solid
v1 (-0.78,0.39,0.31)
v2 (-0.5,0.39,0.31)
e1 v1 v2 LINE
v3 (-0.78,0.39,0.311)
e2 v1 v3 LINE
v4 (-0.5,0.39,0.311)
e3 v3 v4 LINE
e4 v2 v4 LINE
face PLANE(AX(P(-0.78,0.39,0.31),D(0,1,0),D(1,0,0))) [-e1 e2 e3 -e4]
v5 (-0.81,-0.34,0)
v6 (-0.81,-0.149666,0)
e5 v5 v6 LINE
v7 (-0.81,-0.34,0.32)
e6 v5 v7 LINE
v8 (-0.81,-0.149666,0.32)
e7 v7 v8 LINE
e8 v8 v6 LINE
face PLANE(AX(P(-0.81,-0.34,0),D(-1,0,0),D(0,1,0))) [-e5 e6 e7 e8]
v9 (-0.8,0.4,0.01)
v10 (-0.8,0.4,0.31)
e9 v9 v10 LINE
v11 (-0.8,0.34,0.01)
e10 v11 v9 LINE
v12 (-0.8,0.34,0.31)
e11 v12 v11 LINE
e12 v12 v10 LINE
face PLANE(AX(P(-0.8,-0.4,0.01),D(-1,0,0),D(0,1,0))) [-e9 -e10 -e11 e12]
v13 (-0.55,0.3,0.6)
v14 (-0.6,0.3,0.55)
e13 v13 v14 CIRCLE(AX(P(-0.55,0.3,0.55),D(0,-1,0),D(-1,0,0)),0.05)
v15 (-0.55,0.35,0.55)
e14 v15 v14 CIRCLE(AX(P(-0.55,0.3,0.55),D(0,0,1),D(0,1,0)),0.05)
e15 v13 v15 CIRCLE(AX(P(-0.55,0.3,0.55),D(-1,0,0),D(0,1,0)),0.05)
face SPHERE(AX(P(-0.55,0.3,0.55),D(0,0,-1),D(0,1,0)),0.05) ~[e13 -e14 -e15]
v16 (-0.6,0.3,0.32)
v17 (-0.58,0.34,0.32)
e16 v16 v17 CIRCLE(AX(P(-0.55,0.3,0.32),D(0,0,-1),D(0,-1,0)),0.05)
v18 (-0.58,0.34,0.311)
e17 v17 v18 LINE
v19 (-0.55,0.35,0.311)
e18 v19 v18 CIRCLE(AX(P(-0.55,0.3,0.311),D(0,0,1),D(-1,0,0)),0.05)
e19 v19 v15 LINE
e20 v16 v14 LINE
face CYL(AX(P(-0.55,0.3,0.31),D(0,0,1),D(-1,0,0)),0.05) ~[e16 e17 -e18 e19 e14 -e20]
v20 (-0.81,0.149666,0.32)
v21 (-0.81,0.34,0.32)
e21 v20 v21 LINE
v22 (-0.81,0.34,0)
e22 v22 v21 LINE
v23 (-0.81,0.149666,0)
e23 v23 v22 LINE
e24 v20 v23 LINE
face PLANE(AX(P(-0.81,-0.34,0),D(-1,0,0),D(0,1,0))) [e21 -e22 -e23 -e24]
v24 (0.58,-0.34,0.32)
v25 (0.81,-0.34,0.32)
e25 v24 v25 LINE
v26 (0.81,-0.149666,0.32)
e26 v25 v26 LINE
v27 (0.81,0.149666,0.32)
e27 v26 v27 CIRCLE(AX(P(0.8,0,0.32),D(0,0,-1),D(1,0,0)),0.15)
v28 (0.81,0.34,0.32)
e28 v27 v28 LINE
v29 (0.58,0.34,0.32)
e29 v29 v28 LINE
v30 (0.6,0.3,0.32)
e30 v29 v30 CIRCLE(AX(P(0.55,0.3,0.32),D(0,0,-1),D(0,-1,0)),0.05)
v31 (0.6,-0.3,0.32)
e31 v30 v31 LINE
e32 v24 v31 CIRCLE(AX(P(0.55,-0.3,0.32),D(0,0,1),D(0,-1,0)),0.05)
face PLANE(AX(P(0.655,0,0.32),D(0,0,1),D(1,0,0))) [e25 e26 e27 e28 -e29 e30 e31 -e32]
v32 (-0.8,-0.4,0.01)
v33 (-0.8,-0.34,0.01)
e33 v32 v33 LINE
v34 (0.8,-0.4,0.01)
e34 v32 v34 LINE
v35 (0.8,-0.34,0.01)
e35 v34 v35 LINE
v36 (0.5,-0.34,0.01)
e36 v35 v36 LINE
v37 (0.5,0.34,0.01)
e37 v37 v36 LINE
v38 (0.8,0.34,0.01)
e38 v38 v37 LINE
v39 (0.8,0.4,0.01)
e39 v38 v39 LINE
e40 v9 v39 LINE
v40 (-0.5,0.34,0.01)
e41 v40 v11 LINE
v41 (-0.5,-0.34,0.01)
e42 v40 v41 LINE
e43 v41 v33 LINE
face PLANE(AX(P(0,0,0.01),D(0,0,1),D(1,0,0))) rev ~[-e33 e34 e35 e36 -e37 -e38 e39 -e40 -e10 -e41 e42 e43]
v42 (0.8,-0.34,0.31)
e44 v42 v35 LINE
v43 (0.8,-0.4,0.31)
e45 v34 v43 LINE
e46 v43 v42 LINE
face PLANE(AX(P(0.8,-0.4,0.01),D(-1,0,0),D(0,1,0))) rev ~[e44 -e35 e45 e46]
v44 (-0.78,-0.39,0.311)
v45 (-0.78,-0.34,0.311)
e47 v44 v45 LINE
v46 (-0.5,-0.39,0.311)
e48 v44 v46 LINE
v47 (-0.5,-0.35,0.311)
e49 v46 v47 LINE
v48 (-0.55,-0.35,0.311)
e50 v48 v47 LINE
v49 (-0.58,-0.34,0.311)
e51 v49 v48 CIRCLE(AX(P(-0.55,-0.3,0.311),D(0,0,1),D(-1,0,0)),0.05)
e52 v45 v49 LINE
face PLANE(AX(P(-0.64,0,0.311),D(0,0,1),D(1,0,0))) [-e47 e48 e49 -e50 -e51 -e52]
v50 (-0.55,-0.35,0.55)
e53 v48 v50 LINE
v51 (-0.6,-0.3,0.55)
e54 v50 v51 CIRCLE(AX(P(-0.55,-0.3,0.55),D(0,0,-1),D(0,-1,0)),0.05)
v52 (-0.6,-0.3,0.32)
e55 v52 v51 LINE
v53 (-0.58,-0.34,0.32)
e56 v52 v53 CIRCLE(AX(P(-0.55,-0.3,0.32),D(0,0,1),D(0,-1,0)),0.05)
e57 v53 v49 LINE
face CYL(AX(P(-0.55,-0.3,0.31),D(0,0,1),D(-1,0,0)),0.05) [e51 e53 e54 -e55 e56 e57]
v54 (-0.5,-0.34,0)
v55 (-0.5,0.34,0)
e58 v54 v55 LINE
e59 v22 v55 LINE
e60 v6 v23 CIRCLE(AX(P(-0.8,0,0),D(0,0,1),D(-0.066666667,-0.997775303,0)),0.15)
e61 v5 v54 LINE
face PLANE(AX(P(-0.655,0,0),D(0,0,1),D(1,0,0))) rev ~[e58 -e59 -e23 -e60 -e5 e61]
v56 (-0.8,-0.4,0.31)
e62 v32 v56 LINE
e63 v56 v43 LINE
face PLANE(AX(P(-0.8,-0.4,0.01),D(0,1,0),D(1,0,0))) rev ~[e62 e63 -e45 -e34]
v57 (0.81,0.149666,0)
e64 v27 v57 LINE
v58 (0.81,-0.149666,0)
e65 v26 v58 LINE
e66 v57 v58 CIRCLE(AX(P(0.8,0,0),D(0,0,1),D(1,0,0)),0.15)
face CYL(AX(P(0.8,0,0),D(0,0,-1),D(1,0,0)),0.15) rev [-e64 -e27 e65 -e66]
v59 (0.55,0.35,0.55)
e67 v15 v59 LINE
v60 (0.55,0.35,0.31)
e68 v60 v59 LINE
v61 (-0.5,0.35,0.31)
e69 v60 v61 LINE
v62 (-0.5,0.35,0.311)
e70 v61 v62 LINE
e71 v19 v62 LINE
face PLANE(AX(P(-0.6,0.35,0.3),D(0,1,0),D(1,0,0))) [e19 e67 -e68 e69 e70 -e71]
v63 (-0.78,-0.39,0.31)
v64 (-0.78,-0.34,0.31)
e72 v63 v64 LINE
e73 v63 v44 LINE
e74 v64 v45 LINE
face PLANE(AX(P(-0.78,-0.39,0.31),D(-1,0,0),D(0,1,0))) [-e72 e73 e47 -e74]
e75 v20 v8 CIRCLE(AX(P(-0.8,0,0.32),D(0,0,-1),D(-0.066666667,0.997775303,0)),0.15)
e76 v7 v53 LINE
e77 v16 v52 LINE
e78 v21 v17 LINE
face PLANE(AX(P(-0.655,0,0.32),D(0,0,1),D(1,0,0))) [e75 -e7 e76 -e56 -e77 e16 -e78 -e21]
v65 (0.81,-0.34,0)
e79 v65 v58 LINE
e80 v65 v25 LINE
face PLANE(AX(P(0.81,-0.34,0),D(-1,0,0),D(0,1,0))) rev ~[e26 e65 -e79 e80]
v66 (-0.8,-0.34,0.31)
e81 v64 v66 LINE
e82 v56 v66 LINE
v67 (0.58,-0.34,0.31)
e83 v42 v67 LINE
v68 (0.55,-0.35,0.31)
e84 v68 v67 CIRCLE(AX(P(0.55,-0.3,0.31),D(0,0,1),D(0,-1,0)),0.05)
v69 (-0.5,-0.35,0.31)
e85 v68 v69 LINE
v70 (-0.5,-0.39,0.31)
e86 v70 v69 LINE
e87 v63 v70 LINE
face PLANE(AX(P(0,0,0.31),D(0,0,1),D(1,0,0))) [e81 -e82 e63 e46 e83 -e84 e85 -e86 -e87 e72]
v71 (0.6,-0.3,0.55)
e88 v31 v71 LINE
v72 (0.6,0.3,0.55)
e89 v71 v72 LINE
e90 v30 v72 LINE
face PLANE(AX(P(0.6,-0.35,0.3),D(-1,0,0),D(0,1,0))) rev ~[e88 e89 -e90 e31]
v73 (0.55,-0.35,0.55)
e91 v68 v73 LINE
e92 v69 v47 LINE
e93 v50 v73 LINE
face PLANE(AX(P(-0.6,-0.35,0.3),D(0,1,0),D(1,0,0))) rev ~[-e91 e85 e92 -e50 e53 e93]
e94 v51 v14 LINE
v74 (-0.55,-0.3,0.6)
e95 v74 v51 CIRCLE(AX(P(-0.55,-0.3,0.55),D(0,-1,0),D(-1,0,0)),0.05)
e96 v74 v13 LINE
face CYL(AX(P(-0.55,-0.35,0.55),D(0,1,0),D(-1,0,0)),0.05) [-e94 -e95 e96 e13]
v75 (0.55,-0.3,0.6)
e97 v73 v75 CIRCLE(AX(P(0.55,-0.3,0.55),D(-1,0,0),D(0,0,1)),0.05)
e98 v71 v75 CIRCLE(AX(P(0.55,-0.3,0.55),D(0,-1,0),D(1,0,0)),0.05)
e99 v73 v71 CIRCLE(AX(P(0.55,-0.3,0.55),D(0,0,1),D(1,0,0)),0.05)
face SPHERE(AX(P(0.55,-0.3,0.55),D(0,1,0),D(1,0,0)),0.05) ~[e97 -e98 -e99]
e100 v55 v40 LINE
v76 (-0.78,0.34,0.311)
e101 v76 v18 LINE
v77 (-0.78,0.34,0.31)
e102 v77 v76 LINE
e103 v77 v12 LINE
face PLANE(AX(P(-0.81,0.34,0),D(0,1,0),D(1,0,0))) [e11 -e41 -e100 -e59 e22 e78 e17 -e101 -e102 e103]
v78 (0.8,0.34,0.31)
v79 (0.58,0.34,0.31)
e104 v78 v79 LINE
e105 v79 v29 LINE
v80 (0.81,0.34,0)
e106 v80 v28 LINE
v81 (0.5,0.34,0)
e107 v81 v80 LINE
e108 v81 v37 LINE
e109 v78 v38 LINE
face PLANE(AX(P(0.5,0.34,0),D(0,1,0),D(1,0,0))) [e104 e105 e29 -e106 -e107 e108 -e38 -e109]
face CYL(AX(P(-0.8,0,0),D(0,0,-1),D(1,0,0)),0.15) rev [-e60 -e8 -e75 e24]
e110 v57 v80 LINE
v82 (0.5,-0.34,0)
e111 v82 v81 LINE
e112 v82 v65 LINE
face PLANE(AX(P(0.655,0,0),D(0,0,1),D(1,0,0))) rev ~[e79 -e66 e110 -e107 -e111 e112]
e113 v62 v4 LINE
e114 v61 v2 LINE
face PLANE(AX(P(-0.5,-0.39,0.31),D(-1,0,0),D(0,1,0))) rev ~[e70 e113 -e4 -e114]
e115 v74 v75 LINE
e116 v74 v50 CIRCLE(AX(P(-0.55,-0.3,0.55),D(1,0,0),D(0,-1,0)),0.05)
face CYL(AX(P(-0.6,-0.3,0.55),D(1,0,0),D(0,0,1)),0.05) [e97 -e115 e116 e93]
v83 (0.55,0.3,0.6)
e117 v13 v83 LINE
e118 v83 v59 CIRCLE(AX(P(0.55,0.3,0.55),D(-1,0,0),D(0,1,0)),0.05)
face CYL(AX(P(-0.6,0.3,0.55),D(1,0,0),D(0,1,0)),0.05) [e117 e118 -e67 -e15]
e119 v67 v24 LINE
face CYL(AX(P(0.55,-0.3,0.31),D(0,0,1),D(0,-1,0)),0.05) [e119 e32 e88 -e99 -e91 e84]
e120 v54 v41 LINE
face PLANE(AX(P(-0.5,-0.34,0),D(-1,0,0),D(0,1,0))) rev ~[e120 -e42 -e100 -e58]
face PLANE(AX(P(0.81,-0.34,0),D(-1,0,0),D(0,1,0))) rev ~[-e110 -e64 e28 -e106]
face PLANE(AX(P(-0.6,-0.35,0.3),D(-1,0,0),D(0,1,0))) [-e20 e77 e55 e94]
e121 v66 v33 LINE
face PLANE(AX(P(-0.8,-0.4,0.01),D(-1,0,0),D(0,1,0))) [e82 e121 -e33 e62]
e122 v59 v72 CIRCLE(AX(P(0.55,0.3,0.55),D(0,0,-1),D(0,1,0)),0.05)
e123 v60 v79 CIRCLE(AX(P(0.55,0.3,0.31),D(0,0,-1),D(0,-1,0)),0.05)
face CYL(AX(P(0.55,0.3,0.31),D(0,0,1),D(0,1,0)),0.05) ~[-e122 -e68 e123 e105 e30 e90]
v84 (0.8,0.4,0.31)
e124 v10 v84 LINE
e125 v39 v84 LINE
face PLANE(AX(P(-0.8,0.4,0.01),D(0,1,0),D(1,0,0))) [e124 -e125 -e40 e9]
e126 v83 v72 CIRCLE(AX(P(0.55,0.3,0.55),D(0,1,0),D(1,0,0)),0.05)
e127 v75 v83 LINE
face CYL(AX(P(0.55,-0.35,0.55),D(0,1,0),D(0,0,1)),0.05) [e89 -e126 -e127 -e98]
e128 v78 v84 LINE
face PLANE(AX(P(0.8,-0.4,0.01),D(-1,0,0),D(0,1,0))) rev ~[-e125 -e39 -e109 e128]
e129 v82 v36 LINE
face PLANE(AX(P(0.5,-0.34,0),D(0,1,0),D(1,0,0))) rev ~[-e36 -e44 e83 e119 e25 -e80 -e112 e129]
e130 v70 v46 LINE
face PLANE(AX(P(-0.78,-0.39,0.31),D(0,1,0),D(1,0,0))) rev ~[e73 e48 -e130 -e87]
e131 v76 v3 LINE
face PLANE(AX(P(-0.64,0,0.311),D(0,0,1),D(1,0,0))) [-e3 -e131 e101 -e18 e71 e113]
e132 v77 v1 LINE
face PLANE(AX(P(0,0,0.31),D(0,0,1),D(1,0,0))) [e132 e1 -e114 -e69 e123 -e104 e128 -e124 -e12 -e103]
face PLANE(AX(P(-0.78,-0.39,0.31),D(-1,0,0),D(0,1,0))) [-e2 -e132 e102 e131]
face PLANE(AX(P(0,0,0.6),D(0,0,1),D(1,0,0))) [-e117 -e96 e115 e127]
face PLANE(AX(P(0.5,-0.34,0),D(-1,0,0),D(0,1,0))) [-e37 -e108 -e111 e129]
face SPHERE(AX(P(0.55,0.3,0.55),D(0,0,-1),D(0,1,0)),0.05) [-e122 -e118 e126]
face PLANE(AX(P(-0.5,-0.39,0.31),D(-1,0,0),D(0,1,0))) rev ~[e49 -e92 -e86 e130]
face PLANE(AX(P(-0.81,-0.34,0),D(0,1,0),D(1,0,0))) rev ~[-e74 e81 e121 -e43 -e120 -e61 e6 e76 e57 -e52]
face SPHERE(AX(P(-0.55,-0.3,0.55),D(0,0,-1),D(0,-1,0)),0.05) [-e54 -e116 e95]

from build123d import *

# Parameters (mm, degrees)
EXTRUDE_START       = 0.01
SKETCH_2_W          = 1.6
SKETCH_2_H          = 0.8
EXTRUDE_1_DEPTH     = 0.3
SKETCH_3_W          = 0.31
SKETCH_3_H          = 0.68
EXTRUDE_2_DEPTH     = 0.32
EXTRUDE_START_2     = 0.3
SKETCH_4_W          = 1.2
SKETCH_4_H          = 0.7
EXTRUDE_3_DEPTH     = 0.3
FILLET_1_R          = 0.05
SKETCH_5_W          = 0.28
SKETCH_5_H          = 0.78
EXTRUDE_4_DEPTH     = 0.001
SKETCH_6_R          = 0.15
CUT_EXTRUDE_2_DEPTH = 0.52


with BuildPart() as part:
    # Эскиз2 → Бобышка-Вытянуть1 (new body)
    with BuildSketch(Plane.XY.offset(EXTRUDE_START)):
        Rectangle(SKETCH_2_W, SKETCH_2_H)
    extrude(amount=EXTRUDE_1_DEPTH)

    # Эскиз3 → Бобышка-Вытянуть2 (add)
    with BuildSketch(Plane.XY):
        with Locations((-0.655, 0)):
            Rectangle(SKETCH_3_W, SKETCH_3_H)
        with Locations((0.655, 0)):
            Rectangle(SKETCH_3_W, SKETCH_3_H)
    extrude(amount=EXTRUDE_2_DEPTH)

    # Эскиз4 → Бобышка-Вытянуть3 (add)
    with BuildSketch(Plane.XY.offset(EXTRUDE_START_2)):
        Rectangle(SKETCH_4_W, SKETCH_4_H)
    extrude(amount=EXTRUDE_3_DEPTH)

    # Скругление1
    fillet_1_edges = [part.edges().sort_by_distance(p)[0] for p in [
        (0.6, 0.35, 0.455),
        (-0.6, 0.35, 0.455),
        (0, 0.35, 0.6),
        (0.6, 0, 0.6),
        (0.6, -0.35, 0.455),
        (-0.6, -0.35, 0.455),
        (0, -0.35, 0.6),
        (-0.6, 0, 0.6),
    ]]
    fillet(fillet_1_edges, radius=FILLET_1_R)

    # Эскиз5 → Бобышка-Вытянуть4 (add)
    with BuildSketch(Plane.XY.offset(0.31)):
        with Locations((-0.64, 0)):
            Rectangle(SKETCH_5_W, SKETCH_5_H)
    extrude(amount=EXTRUDE_4_DEPTH)

    # Эскиз6 → Вырез-Вытянуть2 (cut)
    with BuildSketch(Plane.XY):
        with Locations((-0.8, 0)):
            Circle(SKETCH_6_R)
        with Locations((0.8, 0)):
            Circle(SKETCH_6_R)
    extrude(amount=CUT_EXTRUDE_2_DEPTH, mode=Mode.SUBTRACT)


solid = part.part
